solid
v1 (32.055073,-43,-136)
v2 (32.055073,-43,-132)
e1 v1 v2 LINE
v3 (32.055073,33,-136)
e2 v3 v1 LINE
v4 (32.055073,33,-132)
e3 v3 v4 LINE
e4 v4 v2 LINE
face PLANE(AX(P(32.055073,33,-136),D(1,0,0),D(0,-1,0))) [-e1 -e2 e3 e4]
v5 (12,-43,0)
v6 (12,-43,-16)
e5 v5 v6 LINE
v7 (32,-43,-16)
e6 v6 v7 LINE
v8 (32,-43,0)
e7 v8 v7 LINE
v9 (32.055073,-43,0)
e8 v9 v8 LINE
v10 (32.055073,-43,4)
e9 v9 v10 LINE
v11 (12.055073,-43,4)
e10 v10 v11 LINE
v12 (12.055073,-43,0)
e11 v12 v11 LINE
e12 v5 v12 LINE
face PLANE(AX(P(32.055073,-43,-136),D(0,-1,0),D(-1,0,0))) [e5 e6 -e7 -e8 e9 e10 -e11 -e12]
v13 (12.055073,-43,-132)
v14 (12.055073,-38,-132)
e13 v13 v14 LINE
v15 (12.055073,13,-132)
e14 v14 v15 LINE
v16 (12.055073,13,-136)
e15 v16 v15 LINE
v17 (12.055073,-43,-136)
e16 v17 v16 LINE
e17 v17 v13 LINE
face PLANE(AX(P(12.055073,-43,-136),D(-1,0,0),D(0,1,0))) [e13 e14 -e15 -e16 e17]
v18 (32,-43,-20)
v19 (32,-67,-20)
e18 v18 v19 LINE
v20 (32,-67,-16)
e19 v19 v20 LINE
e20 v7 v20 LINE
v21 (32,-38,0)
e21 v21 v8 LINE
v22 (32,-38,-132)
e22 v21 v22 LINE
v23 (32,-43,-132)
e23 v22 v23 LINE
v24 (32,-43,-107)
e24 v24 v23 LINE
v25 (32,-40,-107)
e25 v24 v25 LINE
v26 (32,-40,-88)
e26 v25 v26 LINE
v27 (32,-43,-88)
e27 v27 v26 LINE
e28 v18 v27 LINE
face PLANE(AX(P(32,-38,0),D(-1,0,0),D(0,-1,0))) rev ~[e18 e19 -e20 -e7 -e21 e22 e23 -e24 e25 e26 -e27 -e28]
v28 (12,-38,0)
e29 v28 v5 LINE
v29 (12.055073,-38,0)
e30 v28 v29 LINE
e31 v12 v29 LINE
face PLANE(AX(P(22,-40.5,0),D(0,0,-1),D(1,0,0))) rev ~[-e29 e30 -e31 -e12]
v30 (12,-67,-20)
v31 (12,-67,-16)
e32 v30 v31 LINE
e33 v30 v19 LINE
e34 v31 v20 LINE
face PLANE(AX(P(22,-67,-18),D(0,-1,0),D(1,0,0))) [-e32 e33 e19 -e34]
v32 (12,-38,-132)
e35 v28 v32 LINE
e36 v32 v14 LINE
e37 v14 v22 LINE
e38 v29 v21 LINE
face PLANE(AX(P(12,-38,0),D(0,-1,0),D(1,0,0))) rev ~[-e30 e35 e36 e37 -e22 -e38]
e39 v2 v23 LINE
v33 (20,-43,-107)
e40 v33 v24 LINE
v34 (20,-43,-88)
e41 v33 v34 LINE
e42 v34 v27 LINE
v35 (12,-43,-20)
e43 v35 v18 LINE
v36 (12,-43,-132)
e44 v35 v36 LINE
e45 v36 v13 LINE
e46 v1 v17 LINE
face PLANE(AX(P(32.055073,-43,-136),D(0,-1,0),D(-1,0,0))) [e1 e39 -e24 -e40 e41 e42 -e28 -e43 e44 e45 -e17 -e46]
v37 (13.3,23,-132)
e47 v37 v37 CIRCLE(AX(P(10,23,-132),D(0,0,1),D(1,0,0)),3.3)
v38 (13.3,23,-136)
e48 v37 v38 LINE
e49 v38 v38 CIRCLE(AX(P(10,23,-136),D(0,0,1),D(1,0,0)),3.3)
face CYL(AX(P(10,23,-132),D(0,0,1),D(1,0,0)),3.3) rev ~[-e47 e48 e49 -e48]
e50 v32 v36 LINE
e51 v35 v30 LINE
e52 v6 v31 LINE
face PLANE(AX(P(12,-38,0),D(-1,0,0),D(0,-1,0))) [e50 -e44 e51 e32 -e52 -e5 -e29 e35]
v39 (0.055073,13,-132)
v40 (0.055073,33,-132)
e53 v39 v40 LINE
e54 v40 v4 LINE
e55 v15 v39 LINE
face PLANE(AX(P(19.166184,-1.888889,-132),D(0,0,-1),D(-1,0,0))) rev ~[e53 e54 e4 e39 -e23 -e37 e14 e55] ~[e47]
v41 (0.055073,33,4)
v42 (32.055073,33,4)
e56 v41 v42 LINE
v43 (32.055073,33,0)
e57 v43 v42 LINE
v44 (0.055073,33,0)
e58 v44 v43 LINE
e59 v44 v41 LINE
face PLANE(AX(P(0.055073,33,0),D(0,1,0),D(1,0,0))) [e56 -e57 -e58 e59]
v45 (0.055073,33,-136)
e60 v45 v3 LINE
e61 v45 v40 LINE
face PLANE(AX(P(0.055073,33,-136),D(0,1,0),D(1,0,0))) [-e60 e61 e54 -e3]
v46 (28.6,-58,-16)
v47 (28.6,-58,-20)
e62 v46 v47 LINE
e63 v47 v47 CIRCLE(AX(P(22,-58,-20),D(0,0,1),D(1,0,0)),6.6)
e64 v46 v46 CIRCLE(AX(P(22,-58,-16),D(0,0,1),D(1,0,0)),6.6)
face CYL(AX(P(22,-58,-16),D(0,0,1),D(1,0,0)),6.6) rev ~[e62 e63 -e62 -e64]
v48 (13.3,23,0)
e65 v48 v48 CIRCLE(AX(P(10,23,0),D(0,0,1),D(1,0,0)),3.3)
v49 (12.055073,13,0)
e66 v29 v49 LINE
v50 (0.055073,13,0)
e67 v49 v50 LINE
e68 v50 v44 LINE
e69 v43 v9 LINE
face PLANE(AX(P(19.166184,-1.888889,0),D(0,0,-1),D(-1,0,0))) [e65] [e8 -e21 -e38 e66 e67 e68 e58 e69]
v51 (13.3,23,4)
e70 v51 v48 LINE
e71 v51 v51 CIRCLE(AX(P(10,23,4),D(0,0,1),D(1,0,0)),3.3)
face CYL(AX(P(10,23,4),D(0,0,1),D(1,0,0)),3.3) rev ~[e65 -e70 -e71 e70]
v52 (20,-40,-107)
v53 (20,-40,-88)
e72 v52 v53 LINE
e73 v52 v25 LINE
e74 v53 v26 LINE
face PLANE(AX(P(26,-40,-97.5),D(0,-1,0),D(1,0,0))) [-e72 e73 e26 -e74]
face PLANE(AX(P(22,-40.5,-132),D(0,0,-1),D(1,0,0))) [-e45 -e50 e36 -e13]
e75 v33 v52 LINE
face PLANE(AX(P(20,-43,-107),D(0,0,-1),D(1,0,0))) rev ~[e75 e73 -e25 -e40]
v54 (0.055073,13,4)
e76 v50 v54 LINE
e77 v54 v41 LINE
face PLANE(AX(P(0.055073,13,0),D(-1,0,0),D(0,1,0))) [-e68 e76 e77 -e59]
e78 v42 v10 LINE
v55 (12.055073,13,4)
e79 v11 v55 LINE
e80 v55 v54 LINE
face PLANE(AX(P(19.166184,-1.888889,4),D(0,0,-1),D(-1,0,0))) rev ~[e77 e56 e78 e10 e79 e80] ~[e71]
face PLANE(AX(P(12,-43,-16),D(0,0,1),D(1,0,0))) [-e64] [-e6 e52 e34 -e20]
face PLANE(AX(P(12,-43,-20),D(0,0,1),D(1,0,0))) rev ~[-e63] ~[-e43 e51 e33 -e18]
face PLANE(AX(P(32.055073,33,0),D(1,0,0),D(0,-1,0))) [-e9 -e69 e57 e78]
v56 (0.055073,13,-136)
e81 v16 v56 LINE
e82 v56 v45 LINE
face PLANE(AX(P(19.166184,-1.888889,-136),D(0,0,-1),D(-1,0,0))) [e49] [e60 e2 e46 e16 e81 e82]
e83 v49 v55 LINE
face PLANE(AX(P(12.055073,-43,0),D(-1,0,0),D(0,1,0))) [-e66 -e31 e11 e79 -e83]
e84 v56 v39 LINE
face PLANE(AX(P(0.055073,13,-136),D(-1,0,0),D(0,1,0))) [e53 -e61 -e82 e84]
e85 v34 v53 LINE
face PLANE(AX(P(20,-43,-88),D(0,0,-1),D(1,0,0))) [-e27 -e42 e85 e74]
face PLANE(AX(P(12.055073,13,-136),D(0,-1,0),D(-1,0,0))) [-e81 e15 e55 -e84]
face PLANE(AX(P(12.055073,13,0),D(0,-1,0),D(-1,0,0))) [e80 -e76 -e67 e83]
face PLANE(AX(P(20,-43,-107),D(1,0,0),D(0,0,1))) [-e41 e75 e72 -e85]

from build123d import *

# Parameters (mm, degrees)
SKETCH010_W   = 12
SKETCH010_H   = 19
PAD004_DEPTH  = 3
SKETCH003_W   = 20
SKETCH003_H   = 5
PAD001_DEPTH  = 132
PAD002_DEPTH  = 4
SKETCH005_R   = 3.3
HOLE001_DEPTH = 4.001
SKETCH006_W   = 20
SKETCH006_H   = 4
PAD003_DEPTH  = 24
SKETCH009_R   = 6.6
HOLE002_DEPTH = 4.001
PAD_DEPTH     = 4
SKETCH002_R   = 3.3
HOLE_DEPTH    = 4.001


with BuildPart() as body004:
    # Sketch010 (on Face1 of CopyPad001001) → Pad004 (new body)
    with BuildSketch(Plane.XZ.offset(43)):
        with Locations((26, -97.5)):
            Rectangle(SKETCH010_W, SKETCH010_H)
    extrude(amount=-PAD004_DEPTH)


with BuildPart() as body001:
    # Sketch003 (on Face1 of CopyHole) → Pad001 (new body)
    with BuildSketch(Plane(origin=(0, 0, 0), x_dir=(1, 0, 0), z_dir=(0, 0, -1))):
        with Locations((22, 40.5)):
            Rectangle(SKETCH003_W, SKETCH003_H)
    extrude(amount=PAD001_DEPTH)

    # Boolean: cut Body004
    add(body004.part, mode=Mode.SUBTRACT)


with BuildPart() as body002:
    # Sketch004 → Pad002 (new body)
    with BuildSketch(Plane.XY):
        Polygon((0.055073, 33), (32.055073, 33), (32.055073, -43), (12.055073, -43), (12.055073, 13), (0.055073, 13), align=None)
    extrude(amount=PAD002_DEPTH)

    # Sketch005 (on Face8 of Pad002) → Hole001 (cut, through all)
    with BuildSketch(Plane.XY.offset(4)):
        with Locations((10, 23)):
            Circle(SKETCH005_R)
    extrude(amount=-HOLE001_DEPTH, mode=Mode.SUBTRACT)


with BuildPart() as body002_1:
    # Body002 placement: moved
    add(body002.part.moved(Location((0, 0, -136))))


with BuildPart() as body003:
    # Sketch006 (on Face1 of CopyPad001) → Pad003 (new body)
    with BuildSketch(Plane.XZ.offset(43)):
        with Locations((22, -18)):
            Rectangle(SKETCH006_W, SKETCH006_H)
    extrude(amount=PAD003_DEPTH)

    # Sketch009 (on Face1 of Pad003) → Hole002 (cut, through all)
    with BuildSketch(Plane.XY.offset(-16)):
        with Locations((22, -58)):
            Circle(SKETCH009_R)
    extrude(amount=-HOLE002_DEPTH, mode=Mode.SUBTRACT)


with BuildPart() as body:
    # Sketch → Pad (new body)
    with BuildSketch(Plane.XY):
        Polygon((0.055073, 33), (32.055073, 33), (32.055073, -43), (12.055073, -43), (12.055073, 13), (0.055073, 13), align=None)
    extrude(amount=PAD_DEPTH)

    # Sketch002 (on Face8 of Pad) → Hole (cut, through all)
    with BuildSketch(Plane.XY.offset(4)):
        with Locations((10, 23)):
            Circle(SKETCH002_R)
    extrude(amount=-HOLE_DEPTH, mode=Mode.SUBTRACT)

    # Boolean001: union Body001
    add(body001.part)

    # Boolean002: union Body002
    add(body002_1.part)

    # Boolean003: union Body003
    add(body003.part)


solid = body.part
